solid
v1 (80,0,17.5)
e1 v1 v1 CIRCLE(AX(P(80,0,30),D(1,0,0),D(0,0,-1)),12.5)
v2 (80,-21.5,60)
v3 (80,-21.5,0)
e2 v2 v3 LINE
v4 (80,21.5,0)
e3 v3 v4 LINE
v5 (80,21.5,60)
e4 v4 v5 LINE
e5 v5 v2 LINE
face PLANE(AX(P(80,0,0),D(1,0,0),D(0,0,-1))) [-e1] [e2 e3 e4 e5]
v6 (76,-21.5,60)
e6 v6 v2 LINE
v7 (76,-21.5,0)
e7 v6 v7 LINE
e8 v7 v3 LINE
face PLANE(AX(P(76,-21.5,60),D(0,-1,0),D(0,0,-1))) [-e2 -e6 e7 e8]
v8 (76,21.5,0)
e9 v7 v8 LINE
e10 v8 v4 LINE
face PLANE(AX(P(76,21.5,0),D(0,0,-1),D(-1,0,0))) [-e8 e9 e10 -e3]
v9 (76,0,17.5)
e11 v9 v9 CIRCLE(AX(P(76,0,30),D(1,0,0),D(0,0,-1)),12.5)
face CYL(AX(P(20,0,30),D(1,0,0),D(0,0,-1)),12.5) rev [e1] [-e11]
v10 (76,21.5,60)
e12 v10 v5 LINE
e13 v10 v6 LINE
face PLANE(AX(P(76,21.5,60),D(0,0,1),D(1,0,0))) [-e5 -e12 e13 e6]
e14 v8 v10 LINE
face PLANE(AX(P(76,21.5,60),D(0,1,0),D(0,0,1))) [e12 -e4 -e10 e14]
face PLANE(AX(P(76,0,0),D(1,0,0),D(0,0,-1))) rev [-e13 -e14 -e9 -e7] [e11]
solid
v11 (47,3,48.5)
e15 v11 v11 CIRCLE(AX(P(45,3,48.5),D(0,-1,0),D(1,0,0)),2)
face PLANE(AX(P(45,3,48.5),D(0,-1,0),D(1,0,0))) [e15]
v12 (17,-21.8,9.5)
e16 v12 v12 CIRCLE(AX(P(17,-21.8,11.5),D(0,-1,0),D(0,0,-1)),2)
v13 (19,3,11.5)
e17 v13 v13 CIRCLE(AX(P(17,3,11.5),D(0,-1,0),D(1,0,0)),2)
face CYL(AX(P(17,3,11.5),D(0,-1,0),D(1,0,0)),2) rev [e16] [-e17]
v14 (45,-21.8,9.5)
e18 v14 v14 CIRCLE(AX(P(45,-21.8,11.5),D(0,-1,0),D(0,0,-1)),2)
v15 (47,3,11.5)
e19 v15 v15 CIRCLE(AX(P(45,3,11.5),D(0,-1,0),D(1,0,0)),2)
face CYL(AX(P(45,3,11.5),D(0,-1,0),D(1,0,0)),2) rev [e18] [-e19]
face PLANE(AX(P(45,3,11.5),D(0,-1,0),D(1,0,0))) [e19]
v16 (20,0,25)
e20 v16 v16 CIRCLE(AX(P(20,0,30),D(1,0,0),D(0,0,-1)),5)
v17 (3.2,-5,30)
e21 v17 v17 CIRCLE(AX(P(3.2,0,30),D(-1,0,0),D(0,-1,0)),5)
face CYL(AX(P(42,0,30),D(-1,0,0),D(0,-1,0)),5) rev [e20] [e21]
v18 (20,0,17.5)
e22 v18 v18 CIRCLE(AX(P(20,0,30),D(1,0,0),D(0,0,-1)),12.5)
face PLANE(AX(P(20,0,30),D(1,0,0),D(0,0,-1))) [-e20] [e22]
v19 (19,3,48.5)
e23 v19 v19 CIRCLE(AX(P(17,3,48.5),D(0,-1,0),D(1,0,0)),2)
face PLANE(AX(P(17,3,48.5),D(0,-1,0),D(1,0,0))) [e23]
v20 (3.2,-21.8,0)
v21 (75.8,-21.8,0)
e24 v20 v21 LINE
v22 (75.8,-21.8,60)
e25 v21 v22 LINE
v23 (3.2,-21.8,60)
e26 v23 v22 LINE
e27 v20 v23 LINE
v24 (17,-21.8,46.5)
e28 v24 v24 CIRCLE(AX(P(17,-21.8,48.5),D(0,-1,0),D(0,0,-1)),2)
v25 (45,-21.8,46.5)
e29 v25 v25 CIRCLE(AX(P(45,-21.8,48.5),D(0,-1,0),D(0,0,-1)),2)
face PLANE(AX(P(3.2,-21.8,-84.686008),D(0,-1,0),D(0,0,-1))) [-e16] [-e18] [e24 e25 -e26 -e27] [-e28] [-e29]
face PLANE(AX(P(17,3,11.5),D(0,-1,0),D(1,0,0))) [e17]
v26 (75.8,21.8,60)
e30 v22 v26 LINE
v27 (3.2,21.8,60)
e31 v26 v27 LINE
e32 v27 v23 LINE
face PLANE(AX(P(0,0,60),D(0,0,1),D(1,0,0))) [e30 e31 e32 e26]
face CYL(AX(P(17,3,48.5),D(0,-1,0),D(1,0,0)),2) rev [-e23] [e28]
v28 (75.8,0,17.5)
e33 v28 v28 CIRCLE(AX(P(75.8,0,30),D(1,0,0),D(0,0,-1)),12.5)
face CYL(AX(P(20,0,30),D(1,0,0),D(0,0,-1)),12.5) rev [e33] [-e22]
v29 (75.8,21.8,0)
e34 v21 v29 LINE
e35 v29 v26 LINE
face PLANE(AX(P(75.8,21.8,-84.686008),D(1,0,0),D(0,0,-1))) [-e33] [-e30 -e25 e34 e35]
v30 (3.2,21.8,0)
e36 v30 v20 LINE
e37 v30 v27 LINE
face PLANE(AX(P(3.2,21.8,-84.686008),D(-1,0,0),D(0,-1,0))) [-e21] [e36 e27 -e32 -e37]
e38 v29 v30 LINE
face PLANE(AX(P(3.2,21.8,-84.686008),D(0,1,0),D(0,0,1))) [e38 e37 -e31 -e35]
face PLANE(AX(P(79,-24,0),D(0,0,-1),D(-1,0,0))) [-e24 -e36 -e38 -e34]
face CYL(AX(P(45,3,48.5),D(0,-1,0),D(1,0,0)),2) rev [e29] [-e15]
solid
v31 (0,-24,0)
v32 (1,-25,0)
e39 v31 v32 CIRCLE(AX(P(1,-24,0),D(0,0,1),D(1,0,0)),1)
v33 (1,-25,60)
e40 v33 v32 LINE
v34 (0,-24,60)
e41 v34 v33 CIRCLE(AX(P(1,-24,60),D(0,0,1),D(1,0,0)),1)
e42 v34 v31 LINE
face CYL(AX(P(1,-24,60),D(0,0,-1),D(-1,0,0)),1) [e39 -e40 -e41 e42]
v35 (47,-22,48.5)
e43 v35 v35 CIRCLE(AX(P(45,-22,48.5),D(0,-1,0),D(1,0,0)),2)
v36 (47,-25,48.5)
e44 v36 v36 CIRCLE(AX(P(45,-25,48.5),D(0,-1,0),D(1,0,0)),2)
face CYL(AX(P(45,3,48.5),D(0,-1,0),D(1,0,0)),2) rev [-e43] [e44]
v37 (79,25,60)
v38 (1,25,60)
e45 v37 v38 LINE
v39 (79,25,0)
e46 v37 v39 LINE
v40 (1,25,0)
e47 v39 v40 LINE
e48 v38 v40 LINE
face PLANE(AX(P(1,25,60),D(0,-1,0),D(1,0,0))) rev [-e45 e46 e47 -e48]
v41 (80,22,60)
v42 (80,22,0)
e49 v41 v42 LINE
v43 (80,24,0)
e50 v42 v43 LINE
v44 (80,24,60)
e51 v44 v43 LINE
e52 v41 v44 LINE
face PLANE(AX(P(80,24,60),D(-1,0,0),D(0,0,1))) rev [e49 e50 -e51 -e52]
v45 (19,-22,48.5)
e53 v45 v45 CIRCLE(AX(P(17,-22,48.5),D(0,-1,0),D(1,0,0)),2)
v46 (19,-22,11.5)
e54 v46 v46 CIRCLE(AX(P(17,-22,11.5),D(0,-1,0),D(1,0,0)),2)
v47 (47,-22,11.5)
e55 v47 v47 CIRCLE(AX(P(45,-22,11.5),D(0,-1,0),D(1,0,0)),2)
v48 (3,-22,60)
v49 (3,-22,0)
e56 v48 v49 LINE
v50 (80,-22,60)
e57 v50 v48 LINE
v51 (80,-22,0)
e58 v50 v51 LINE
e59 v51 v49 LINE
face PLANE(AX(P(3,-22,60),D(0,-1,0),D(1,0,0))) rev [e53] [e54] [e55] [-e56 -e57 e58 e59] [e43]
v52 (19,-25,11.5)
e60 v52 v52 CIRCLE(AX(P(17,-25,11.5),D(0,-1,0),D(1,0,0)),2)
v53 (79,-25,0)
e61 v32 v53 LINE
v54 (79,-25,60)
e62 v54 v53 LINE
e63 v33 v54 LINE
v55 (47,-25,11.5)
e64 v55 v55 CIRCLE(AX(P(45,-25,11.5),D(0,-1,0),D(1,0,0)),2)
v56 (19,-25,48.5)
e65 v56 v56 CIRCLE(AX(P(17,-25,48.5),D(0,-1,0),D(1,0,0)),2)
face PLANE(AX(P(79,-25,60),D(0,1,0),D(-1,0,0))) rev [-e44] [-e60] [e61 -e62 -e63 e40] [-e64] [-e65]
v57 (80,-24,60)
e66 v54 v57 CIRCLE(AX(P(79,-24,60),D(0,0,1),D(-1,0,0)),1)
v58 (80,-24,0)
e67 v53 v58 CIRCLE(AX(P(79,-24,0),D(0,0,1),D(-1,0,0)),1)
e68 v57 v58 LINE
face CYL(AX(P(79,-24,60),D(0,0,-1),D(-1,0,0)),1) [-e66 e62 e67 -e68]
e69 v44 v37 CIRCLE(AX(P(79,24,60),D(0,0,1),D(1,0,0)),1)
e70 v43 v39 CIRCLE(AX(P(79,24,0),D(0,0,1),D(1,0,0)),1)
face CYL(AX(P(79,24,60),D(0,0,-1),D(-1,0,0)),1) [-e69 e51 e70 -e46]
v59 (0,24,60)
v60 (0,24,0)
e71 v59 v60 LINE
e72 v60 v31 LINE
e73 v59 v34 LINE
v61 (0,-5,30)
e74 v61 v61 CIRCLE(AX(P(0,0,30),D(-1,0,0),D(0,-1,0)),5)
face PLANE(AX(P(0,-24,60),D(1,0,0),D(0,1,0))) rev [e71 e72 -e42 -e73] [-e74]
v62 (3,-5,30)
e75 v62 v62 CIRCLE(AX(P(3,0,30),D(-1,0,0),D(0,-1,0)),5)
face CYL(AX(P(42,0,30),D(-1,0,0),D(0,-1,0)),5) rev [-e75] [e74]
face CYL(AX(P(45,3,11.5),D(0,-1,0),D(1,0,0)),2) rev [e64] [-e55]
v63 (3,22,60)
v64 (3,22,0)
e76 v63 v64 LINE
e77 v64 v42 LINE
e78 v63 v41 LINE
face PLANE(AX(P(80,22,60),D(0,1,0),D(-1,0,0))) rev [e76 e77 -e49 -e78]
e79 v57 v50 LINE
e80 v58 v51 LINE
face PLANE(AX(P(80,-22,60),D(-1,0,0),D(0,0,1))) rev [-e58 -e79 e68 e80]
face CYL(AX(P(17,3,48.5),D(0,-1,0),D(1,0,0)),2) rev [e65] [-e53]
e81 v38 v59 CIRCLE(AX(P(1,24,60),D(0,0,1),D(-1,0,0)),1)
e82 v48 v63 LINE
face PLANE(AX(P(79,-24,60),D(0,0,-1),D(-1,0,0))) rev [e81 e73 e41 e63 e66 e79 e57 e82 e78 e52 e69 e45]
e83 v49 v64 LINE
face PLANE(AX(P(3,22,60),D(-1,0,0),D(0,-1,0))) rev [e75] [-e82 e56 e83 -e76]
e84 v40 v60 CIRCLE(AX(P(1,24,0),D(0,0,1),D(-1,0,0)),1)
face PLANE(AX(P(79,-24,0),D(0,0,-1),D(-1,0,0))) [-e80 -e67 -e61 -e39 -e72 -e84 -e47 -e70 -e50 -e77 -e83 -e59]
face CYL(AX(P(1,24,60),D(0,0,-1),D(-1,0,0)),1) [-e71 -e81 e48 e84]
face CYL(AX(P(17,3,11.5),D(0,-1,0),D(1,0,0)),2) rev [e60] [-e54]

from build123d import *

# Parameters (mm, degrees)
BOSS_EXTRUDE1_DEPTH = 60
SKETCH2_W           = 60
SKETCH2_H           = 43
BOSS_EXTRUDE2_DEPTH = 4
SKETCH3_W           = 72.6
SKETCH3_H           = 43.6
BOSS_EXTRUDE3_DEPTH = 60
SKETCH4_R           = 2
CUT_EXTRUDE1_DEPTH  = 28
SKETCH5_R           = 12.5
CUT_EXTRUDE2_DEPTH  = 60
SKETCH6_R           = 5
CUT_EXTRUDE3_DEPTH  = 42


with BuildPart() as part:
    # Sketch1 → Boss-Extrude1 (new body)
    with BuildSketch(Plane.XY):
        with BuildLine():
            Line((0, -24), (0, 24))
            ThreePointArc((0, 24), (0.292893219, 24.707106781), (1, 25))
            Line((1, 25), (79, 25))
            ThreePointArc((79, 25), (79.707106781, 24.707106781), (80, 24))
            Line((80, 24), (80, 22))
            Line((80, 22), (3, 22))
            Line((3, 22), (3, -22))
            Line((3, -22), (80, -22))
            Line((80, -22), (80, -24))
            ThreePointArc((80, -24), (79.707106781, -24.707106781), (79, -25))
            Line((79, -25), (1, -25))
            ThreePointArc((1, -25), (0.292893219, -24.707106781), (0, -24))
        make_face()
    extrude(amount=BOSS_EXTRUDE1_DEPTH)


with BuildPart() as body_2:
    # Sketch2 → Boss-Extrude2 (new body)
    with BuildSketch(Plane(origin=(80, 0, 0), x_dir=(0, 0, -1), z_dir=(1, 0, 0))):
        with Locations((-30, 0)):
            Rectangle(SKETCH2_W, SKETCH2_H)
    extrude(amount=-BOSS_EXTRUDE2_DEPTH)


with BuildPart() as body_3:
    # Sketch3 → Boss-Extrude3 (new body)
    with BuildSketch(Plane.XY.offset(60)):
        with Locations((39.5, 0)):
            Rectangle(SKETCH3_W, SKETCH3_H)
    extrude(amount=-BOSS_EXTRUDE3_DEPTH)


with BuildPart() as cut_extrude1_tool:
    # Sketch4 → Cut-Extrude1 (new body)
    with BuildSketch(Plane.XZ.offset(25)):
        with Locations((17, 48.5)):
            Circle(SKETCH4_R)
        with Locations((45, 48.5)):
            Circle(SKETCH4_R)
        with Locations((45, 11.5)):
            Circle(SKETCH4_R)
        with Locations((17, 11.5)):
            Circle(SKETCH4_R)
    extrude(amount=-CUT_EXTRUDE1_DEPTH)


with BuildPart() as part_1:
    add(part.part)

    # Cut-Extrude1: cut by cut_extrude1_tool
    add(cut_extrude1_tool.part, mode=Mode.SUBTRACT)


with BuildPart() as body_3_1:
    add(body_3.part)

    # Cut-Extrude1: cut by cut_extrude1_tool
    add(cut_extrude1_tool.part, mode=Mode.SUBTRACT)


with BuildPart() as cut_extrude2_tool:
    # Sketch5 → Cut-Extrude2 (new body)
    with BuildSketch(Plane(origin=(80, 0, 0), x_dir=(0, 0, -1), z_dir=(1, 0, 0))):
        with Locations((-30, 0)):
            Circle(SKETCH5_R)
    extrude(amount=-CUT_EXTRUDE2_DEPTH)


with BuildPart() as body_2_1:
    add(body_2.part)

    # Cut-Extrude2: cut by cut_extrude2_tool
    add(cut_extrude2_tool.part, mode=Mode.SUBTRACT)


with BuildPart() as body_3_2:
    add(body_3_1.part)

    # Cut-Extrude2: cut by cut_extrude2_tool
    add(cut_extrude2_tool.part, mode=Mode.SUBTRACT)


with BuildPart() as cut_extrude3_tool:
    # Sketch6 → Cut-Extrude3 (new body)
    with BuildSketch(Plane.ZY):
        with Locations(Location((30, 0, 0), (0, 0, 270))):
            Circle(SKETCH6_R)
    extrude(amount=-CUT_EXTRUDE3_DEPTH)


with BuildPart() as part_2:
    add(part_1.part)

    # Cut-Extrude3: cut by cut_extrude3_tool
    add(cut_extrude3_tool.part, mode=Mode.SUBTRACT)


with BuildPart() as body_3_3:
    add(body_3_2.part)

    # Cut-Extrude3: cut by cut_extrude3_tool
    add(cut_extrude3_tool.part, mode=Mode.SUBTRACT)


solid = Compound([body_2_1.part, part_2.part, body_3_3.part])
